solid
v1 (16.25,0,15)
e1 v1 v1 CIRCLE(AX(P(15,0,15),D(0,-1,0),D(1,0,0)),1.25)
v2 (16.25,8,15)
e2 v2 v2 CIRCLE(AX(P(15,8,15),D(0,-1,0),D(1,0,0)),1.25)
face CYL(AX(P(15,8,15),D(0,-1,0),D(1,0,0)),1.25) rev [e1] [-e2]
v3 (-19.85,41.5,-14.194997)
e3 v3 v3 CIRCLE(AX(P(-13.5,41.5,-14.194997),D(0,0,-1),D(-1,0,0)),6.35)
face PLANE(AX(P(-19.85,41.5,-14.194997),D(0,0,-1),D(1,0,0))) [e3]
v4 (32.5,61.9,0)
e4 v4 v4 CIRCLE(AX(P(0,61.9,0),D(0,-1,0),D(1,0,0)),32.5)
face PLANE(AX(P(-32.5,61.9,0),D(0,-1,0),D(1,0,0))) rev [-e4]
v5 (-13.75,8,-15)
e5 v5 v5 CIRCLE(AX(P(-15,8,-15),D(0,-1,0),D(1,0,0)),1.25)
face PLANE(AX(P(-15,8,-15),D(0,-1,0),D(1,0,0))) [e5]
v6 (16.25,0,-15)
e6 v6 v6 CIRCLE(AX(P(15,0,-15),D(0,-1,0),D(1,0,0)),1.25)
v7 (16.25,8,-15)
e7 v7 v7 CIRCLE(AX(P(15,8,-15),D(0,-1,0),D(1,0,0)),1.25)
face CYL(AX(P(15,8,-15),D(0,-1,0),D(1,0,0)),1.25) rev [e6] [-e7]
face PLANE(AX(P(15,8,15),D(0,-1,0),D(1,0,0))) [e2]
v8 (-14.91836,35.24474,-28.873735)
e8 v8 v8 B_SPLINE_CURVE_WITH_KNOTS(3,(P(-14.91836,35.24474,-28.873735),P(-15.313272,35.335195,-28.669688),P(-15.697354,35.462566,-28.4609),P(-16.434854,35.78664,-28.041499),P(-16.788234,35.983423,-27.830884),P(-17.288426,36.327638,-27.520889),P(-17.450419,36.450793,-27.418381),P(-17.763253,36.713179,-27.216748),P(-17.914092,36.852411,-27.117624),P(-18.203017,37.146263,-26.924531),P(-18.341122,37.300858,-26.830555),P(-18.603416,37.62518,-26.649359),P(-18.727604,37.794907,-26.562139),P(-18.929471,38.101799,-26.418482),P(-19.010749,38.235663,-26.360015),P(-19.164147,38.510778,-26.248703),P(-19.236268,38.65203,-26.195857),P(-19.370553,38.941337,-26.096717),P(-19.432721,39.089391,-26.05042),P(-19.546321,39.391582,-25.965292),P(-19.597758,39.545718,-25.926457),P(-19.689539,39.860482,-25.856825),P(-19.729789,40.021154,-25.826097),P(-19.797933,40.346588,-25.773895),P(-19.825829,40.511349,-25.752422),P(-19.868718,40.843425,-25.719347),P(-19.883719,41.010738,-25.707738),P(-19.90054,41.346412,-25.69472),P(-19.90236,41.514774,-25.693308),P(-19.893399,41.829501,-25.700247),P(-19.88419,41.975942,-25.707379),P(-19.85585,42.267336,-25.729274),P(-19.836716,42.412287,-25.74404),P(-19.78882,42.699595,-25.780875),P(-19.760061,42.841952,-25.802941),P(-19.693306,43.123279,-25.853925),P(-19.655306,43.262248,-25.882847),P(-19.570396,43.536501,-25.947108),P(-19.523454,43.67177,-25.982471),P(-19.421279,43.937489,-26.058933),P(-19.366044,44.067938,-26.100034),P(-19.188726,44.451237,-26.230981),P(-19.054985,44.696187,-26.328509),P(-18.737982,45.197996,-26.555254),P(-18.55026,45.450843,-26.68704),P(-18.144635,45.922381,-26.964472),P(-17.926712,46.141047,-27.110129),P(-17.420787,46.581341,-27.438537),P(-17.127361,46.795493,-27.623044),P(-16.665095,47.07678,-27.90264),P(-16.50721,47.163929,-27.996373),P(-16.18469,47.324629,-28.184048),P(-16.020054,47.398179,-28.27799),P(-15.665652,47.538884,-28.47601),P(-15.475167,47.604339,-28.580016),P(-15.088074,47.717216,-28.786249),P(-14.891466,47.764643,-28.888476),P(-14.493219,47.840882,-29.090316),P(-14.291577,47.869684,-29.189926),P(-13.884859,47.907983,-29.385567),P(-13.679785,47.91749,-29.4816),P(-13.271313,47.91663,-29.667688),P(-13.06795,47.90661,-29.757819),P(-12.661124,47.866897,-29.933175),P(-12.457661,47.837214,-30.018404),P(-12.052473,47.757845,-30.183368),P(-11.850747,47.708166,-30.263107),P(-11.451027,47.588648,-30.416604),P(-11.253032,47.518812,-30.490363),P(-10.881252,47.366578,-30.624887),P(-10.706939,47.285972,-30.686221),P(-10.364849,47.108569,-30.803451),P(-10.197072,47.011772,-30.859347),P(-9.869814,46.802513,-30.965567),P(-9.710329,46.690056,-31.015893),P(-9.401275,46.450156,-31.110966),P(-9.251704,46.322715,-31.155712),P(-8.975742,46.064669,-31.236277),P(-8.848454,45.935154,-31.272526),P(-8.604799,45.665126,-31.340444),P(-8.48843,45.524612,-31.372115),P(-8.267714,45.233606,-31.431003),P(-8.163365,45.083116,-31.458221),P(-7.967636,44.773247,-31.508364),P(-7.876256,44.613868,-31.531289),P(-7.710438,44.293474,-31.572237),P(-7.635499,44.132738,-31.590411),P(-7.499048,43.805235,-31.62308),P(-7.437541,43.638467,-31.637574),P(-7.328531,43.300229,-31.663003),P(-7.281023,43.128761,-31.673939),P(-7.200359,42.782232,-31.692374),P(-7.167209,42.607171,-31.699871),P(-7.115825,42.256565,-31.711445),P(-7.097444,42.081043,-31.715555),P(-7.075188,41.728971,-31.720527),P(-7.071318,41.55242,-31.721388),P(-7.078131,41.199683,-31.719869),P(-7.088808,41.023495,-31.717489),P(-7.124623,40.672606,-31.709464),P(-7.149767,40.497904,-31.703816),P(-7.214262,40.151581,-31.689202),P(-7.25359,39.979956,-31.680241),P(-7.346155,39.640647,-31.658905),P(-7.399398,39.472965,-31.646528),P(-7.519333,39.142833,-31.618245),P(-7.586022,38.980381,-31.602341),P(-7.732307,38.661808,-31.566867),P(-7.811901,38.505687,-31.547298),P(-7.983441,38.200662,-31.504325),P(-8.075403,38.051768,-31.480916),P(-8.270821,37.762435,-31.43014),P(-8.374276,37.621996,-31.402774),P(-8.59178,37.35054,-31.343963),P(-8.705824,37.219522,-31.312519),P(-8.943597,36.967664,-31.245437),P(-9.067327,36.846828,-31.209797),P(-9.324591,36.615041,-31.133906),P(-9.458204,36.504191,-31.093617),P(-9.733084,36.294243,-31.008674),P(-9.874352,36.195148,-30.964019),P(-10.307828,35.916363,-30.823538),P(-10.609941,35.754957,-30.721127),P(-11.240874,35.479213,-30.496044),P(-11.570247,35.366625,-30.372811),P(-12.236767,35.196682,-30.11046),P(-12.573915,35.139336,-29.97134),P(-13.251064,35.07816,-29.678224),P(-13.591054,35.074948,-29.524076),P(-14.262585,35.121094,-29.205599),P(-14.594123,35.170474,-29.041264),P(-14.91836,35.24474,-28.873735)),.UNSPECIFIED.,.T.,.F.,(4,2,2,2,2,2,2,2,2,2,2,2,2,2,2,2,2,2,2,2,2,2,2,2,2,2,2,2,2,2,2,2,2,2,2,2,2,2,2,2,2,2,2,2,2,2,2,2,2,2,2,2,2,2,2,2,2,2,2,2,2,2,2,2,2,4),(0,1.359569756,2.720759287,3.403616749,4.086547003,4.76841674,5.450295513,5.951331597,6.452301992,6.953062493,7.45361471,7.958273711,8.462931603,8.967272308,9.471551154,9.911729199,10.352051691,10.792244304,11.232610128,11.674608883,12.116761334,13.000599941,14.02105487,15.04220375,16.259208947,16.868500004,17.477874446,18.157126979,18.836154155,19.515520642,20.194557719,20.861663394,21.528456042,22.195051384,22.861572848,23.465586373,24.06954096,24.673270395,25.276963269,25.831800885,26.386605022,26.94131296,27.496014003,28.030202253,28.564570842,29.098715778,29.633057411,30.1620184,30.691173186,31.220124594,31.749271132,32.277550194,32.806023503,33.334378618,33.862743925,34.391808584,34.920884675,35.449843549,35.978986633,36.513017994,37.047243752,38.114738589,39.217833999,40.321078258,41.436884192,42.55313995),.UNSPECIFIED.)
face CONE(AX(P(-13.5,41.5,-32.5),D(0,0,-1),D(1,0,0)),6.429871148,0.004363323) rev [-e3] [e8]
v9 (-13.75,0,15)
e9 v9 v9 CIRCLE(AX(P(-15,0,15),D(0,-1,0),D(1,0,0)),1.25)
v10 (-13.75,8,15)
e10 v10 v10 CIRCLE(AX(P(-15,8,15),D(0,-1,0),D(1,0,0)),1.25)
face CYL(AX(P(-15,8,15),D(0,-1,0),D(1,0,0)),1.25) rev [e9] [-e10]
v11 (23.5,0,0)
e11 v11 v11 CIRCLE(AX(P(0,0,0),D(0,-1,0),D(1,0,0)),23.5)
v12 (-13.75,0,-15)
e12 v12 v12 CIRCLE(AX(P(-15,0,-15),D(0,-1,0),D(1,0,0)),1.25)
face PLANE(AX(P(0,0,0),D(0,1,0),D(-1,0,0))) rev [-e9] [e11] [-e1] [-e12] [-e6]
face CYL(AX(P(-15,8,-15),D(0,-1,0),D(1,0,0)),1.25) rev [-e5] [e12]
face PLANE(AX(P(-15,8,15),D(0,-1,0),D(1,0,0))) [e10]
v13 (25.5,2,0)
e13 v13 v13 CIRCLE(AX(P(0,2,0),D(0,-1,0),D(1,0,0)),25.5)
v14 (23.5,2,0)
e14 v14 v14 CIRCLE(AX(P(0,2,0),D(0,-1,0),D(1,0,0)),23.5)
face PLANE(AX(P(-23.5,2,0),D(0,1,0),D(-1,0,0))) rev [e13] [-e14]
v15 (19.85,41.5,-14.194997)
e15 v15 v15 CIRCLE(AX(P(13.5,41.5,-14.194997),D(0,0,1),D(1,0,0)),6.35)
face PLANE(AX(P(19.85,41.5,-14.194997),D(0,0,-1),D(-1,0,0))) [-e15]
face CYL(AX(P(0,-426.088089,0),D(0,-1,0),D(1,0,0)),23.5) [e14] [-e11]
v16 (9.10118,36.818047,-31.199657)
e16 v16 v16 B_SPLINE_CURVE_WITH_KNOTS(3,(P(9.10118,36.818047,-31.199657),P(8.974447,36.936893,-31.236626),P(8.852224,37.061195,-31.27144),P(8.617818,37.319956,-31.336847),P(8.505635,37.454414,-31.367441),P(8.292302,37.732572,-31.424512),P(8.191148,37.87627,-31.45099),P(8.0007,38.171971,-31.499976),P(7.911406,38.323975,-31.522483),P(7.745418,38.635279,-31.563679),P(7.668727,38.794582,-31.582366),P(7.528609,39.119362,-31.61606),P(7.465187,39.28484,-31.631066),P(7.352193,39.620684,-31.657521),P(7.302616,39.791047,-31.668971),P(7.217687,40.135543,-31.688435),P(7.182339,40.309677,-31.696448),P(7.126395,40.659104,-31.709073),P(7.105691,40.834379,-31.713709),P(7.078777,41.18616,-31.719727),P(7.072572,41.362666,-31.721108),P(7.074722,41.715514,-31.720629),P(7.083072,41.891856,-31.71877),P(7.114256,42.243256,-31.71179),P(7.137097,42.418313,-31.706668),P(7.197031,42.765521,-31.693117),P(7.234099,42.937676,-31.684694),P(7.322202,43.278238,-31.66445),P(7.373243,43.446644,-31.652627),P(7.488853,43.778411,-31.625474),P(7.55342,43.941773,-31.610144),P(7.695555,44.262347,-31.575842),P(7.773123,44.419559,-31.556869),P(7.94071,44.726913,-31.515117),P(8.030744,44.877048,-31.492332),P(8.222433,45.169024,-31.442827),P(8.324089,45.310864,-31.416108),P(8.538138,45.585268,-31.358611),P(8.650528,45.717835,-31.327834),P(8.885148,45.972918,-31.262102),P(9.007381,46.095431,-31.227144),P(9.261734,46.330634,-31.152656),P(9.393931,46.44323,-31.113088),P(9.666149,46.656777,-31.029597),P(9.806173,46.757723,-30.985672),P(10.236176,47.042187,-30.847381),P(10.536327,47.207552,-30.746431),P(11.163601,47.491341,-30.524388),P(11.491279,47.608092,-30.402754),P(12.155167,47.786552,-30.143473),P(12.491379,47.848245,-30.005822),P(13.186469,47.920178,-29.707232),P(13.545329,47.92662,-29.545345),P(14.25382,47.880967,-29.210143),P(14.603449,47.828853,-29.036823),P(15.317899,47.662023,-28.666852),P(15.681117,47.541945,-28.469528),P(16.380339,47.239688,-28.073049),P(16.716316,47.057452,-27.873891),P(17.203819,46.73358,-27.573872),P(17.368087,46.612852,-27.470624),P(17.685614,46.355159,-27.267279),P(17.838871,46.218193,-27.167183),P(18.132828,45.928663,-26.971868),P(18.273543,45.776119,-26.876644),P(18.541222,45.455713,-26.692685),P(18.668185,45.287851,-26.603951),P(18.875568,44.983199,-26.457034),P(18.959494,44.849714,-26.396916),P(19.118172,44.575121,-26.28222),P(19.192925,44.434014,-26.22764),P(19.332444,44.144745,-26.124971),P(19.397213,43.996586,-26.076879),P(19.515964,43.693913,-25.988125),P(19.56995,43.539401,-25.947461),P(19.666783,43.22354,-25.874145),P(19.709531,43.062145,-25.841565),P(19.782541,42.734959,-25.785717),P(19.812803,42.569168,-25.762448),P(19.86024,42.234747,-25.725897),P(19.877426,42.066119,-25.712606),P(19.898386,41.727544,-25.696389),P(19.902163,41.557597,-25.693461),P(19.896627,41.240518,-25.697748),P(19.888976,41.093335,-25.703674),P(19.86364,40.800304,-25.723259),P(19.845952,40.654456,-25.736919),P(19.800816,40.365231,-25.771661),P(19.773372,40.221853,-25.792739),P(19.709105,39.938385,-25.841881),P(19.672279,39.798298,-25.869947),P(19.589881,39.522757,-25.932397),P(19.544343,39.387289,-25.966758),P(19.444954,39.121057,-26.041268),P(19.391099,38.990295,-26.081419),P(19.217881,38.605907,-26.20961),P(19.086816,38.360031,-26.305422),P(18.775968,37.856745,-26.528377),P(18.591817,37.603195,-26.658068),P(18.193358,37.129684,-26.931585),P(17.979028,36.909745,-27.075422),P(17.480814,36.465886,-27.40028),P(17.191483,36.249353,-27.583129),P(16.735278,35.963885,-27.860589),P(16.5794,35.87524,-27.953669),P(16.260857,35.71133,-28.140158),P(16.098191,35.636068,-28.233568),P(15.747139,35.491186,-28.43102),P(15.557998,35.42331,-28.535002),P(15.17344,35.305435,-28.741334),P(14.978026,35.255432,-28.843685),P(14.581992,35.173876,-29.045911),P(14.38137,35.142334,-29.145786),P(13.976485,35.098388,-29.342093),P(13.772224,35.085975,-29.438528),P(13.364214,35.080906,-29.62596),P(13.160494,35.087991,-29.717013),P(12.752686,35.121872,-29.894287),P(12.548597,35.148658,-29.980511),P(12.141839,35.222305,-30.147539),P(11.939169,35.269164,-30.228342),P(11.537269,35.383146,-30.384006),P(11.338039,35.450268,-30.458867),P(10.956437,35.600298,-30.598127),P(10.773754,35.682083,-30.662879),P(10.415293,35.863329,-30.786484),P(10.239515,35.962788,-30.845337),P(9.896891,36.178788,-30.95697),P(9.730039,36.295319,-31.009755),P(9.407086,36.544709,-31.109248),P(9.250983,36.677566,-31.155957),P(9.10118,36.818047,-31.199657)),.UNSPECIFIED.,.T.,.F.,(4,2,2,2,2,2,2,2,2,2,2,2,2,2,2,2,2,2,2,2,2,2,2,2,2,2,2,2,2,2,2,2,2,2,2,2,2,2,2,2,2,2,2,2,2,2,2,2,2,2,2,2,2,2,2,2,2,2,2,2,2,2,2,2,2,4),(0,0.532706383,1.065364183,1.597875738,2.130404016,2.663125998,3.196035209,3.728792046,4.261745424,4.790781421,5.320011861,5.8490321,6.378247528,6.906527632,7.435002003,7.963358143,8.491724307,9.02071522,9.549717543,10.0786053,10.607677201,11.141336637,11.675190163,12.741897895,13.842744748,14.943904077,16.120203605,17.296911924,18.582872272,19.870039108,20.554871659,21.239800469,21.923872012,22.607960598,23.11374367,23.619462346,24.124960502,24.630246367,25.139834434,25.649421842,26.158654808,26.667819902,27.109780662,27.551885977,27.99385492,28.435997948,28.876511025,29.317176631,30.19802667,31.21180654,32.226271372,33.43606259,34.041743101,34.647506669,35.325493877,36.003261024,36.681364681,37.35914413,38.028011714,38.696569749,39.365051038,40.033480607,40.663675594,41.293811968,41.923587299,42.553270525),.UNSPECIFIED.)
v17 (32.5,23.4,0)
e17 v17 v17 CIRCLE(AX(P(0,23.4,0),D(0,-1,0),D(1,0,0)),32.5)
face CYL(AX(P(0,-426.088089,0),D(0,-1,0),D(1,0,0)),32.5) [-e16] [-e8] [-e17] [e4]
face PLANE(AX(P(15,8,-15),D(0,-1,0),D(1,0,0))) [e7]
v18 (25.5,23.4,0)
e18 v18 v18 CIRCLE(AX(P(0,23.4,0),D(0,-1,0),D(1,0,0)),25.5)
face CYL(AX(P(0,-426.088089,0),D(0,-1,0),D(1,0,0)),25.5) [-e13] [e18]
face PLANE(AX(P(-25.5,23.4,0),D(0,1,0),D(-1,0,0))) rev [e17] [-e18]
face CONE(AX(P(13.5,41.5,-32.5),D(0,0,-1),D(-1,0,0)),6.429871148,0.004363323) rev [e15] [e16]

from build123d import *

# Parameters (mm, degrees)
SKETCH3_R          = 1.25
CUT_EXTRUDE1_DEPTH = 8


with BuildPart() as part:
    # Sketch1 → Revolve1 (revolve)
    with BuildSketch(Plane.XY):
        Polygon((0, 0), (-23.5, 0), (-23.5, 2), (-25.5, 2), (-25.5, 23.4), (-32.5, 23.4), (-32.5, 61.9), (0, 61.9), align=None)
    revolve(axis=Axis((0, -426.088089194, 0), (0, 1, 0)))

    # Sketch2 → Cut-Revolve1 (revolve, cut)
    with BuildSketch(Plane(origin=(0, 41.5, 0), x_dir=(-1, 0, 0), z_dir=(0, -1, 0))):
        Polygon((-19.929871148, 32.5), (-19.85, 14.194997457), (-13.5, 14.194997457), (-13.5, 32.5), align=None)
    cut_revolve1 = revolve(axis=Axis((13.5, 41.5, 985.805002543), (0, 0, -1)), mode=Mode.SUBTRACT)

    # Mirror1: Cut-Revolve1 across plane
    add(cut_revolve1.mirror(Plane(origin=(0, 0, 0), x_dir=(0, 0, 1), z_dir=(1, 0, 0))), mode=Mode.SUBTRACT)

    # Sketch3 → Cut-Extrude1 (cut)
    with BuildSketch(Plane.XZ):
        with Locations((-15, 15)):
            Circle(SKETCH3_R)
        with Locations((-15, -15)):
            Circle(SKETCH3_R)
        with Locations((15, -15)):
            Circle(SKETCH3_R)
        with Locations((15, 15)):
            Circle(SKETCH3_R)
    extrude(amount=-CUT_EXTRUDE1_DEPTH, mode=Mode.SUBTRACT)


solid = part.part
